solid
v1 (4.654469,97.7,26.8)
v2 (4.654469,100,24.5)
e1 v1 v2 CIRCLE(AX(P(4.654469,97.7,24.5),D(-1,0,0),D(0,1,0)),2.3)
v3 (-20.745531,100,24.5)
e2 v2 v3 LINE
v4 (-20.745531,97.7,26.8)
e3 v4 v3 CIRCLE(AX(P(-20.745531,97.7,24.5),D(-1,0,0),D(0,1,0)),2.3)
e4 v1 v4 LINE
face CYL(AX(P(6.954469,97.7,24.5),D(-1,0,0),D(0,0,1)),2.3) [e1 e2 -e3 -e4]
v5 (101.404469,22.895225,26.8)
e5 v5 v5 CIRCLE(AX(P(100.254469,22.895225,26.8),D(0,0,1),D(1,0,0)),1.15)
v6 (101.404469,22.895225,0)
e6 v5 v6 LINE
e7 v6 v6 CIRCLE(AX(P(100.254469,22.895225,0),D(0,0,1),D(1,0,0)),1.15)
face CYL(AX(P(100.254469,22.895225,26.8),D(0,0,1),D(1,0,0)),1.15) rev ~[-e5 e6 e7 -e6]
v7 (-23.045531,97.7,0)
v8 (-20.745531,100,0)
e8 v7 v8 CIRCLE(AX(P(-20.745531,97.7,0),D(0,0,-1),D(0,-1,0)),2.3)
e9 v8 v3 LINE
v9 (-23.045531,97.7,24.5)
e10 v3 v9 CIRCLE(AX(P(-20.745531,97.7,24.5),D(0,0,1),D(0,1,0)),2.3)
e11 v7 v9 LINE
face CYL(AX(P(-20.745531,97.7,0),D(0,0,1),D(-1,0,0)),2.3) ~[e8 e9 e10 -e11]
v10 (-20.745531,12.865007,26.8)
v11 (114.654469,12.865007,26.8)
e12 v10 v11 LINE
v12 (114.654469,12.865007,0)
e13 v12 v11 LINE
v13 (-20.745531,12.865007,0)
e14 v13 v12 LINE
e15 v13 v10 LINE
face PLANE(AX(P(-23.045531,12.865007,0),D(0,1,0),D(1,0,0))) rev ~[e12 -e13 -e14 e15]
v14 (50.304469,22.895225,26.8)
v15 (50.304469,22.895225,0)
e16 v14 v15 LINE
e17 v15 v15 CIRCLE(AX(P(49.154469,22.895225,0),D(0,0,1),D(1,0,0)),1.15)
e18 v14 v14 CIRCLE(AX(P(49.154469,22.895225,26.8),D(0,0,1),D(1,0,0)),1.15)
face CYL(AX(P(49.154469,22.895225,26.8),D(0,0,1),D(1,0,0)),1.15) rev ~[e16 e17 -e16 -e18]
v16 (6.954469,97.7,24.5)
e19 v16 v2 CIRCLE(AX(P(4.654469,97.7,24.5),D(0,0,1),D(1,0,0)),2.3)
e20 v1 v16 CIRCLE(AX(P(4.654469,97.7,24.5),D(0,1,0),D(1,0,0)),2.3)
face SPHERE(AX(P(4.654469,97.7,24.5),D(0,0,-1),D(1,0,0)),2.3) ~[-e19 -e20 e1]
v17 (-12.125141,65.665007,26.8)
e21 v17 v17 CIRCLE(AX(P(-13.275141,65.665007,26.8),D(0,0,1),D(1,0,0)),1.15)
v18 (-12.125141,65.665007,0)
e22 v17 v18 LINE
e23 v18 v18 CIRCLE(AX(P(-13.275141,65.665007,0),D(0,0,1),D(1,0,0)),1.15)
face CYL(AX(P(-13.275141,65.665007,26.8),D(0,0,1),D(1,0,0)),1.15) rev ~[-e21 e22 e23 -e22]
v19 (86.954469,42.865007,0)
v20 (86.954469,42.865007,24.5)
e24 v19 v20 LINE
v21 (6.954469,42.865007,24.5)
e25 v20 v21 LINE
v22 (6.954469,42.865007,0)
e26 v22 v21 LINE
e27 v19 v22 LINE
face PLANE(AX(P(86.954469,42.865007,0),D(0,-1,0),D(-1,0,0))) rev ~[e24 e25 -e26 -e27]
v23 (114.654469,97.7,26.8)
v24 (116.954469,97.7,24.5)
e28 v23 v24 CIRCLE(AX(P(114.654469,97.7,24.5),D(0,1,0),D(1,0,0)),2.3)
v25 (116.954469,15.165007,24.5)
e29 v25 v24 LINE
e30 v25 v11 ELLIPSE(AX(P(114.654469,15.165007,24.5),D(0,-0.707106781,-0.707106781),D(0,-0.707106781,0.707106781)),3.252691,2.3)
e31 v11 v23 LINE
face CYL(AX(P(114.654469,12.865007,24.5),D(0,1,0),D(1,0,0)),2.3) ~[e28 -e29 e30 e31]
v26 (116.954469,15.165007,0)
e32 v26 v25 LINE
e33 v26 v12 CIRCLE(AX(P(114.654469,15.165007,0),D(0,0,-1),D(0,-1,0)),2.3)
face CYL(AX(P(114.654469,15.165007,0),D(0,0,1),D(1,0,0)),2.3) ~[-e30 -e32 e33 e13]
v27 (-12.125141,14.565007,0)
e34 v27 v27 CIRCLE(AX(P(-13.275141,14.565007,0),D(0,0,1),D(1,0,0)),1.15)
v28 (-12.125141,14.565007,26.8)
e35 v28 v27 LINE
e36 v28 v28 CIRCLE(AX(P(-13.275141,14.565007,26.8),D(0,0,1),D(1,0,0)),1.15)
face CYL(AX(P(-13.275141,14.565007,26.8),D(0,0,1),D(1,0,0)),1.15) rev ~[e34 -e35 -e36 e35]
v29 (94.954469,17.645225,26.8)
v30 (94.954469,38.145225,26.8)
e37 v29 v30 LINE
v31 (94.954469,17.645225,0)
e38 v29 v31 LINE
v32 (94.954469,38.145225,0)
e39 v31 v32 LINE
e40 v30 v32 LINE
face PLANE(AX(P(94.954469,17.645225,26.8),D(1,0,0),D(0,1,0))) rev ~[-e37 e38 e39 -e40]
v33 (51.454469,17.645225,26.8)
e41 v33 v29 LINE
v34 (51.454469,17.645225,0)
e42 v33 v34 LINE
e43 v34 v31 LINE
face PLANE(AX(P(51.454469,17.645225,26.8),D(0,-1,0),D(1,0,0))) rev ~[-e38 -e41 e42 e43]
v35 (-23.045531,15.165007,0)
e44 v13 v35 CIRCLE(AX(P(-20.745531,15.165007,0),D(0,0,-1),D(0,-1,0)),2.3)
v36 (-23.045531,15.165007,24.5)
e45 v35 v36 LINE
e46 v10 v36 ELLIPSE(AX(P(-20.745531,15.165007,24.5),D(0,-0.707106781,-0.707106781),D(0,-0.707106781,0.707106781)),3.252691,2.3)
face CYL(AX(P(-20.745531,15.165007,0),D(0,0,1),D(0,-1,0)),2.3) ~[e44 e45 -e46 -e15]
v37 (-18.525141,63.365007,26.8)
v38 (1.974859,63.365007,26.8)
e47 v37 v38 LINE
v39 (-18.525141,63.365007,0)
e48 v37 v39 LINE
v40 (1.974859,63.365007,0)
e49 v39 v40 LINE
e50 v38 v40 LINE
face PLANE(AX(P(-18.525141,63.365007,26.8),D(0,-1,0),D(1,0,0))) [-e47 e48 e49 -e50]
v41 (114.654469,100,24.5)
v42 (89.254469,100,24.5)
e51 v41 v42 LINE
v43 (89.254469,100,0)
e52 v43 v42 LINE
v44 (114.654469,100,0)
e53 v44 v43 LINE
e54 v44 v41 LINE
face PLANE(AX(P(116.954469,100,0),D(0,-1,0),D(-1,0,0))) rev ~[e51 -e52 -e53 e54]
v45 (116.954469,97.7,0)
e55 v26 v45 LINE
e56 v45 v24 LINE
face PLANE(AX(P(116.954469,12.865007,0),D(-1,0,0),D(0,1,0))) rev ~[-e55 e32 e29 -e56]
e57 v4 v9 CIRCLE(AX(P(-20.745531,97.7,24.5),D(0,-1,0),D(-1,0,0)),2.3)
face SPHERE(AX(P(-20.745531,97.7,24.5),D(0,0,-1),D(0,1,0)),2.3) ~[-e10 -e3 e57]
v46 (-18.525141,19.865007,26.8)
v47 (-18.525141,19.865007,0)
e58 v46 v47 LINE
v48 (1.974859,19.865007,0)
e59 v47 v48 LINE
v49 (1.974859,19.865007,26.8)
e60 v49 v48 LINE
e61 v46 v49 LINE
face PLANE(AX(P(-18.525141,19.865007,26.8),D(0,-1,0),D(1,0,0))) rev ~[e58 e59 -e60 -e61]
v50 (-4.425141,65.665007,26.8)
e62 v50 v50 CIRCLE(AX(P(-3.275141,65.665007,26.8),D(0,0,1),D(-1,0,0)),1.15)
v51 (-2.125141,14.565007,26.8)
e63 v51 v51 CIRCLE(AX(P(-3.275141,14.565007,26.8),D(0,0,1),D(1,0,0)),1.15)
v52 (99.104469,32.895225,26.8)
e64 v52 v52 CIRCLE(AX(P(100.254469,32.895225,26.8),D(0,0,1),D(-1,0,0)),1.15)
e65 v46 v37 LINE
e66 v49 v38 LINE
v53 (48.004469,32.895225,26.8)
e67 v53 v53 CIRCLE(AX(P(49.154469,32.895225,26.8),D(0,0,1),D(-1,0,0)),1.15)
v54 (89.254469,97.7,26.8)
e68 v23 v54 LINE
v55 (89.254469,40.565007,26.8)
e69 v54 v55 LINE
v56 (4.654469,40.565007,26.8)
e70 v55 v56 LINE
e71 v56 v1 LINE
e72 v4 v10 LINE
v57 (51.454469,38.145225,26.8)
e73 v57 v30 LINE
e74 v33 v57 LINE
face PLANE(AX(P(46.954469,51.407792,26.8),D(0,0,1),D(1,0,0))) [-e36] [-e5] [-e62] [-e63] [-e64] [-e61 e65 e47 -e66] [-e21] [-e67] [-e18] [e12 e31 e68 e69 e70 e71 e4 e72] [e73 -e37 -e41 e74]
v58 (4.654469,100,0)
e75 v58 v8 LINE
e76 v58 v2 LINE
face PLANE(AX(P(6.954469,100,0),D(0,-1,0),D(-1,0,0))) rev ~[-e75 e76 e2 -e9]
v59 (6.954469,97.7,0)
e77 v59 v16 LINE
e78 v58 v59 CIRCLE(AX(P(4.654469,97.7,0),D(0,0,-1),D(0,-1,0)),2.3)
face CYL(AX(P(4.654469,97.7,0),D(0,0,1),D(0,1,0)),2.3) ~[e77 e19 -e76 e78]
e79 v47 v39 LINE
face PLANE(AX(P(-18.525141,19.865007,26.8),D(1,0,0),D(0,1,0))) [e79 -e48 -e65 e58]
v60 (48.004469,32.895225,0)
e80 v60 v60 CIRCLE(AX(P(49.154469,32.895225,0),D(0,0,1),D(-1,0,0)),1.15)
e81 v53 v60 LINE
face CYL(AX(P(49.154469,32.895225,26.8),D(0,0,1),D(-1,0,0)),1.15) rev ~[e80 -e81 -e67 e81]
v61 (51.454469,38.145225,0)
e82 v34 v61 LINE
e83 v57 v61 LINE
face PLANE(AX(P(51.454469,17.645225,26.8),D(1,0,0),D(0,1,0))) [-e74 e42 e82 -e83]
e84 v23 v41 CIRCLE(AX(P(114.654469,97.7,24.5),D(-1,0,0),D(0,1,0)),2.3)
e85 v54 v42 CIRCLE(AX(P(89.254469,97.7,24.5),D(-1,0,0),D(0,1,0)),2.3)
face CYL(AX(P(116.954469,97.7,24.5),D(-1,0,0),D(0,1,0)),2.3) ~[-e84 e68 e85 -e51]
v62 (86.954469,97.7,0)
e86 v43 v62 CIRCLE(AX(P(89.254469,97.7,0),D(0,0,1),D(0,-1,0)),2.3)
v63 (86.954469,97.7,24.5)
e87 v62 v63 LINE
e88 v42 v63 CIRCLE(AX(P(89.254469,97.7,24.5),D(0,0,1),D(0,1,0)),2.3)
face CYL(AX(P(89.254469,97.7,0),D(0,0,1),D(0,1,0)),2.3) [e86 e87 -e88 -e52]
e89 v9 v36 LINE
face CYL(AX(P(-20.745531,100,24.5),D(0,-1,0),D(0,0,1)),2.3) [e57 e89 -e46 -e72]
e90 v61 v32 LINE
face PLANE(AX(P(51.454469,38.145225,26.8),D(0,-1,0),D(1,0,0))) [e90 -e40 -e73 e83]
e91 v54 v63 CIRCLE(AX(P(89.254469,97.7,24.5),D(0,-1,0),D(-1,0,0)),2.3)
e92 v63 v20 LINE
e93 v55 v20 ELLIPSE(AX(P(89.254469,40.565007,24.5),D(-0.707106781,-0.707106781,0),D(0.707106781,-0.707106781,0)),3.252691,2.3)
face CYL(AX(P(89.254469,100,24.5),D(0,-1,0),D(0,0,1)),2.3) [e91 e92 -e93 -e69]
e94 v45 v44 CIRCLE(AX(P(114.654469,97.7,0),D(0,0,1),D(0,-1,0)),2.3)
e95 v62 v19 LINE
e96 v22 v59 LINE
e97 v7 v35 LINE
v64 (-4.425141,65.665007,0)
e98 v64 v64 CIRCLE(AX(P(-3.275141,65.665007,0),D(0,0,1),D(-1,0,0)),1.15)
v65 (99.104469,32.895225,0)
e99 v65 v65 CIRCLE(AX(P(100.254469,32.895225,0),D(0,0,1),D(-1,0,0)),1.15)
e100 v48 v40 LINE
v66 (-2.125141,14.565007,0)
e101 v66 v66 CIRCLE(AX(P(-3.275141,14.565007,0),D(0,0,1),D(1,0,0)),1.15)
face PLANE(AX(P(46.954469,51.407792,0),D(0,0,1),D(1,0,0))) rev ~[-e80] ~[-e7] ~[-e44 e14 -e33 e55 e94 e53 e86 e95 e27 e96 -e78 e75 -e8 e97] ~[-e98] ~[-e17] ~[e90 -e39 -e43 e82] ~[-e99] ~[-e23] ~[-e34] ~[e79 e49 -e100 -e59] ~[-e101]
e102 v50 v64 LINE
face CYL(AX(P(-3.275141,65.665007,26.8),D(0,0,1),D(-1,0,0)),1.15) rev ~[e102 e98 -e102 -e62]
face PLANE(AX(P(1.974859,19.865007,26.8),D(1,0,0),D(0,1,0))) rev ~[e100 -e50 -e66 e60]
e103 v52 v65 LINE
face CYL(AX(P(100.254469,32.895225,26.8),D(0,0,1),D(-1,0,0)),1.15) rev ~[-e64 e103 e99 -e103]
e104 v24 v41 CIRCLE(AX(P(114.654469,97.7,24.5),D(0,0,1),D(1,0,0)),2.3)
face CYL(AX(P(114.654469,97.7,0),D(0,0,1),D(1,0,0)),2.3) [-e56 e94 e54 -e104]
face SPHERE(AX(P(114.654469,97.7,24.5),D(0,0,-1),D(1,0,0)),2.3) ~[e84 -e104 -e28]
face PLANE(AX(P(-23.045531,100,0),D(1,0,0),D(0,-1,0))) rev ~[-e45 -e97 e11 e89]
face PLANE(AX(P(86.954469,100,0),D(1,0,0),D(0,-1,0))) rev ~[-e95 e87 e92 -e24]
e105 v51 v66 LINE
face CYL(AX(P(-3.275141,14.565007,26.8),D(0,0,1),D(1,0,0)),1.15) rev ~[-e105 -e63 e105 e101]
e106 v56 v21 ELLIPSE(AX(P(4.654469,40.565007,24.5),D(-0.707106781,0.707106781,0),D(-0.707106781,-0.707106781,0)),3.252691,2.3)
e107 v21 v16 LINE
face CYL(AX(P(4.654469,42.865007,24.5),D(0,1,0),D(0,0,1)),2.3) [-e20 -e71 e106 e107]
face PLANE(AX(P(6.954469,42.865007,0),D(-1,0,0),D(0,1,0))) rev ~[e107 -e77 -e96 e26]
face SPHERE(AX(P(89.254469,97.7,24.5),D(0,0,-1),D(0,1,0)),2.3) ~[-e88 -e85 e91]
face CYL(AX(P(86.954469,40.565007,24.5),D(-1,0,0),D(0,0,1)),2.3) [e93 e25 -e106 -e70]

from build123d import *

# Parameters (mm, degrees)
BOSS_EXTRUDE1_DEPTH = 26.8
SKETCH2_W           = 20.5
SKETCH2_H           = 43.5
SKETCH2_W_2         = 43.5
SKETCH2_H_2         = 20.5
CUT_EXTRUDE1_DEPTH  = 157.194070808
SKETCH3_R           = 1.15
BOSS_EXTRUDE2_DEPTH = 26.8
SKETCH3_2_R         = 1.15
CUT_EXTRUDE2_DEPTH  = 157.194070808
SKETCH4_R           = 1.15
CUT_EXTRUDE3_DEPTH  = 157.194070808
FILLET1_R           = 2.3


with BuildPart() as part:
    # Sketch1 → Boss-Extrude1 (new body)
    with BuildSketch(Plane.XY):
        Polygon((86.954468728, 12.865007186), (116.954468728, 12.865007186), (116.954468728, 100), (86.954468728, 100), (86.954468728, 42.865007186), (6.954468728, 42.865007186), (6.954468728, 100), (-23.045531272, 100), (-23.045531272, 12.865007186), (6.954468728, 12.865007186), align=None)
    extrude(amount=BOSS_EXTRUDE1_DEPTH)

    # Sketch2 → Cut-Extrude1 (cut, through all)
    with BuildSketch(Plane.XY.offset(26.8)):
        with Locations((-8.275140501, 41.615007186)):
            Rectangle(SKETCH2_W, SKETCH2_H)
        with Locations((73.204468728, 27.895224973)):
            Rectangle(SKETCH2_W_2, SKETCH2_H_2)
    extrude(amount=-CUT_EXTRUDE1_DEPTH, mode=Mode.SUBTRACT)

    # Sketch3 → Boss-Extrude2 (add, through all)
    with BuildSketch(Plane.XY.offset(26.8)):
        with Locations((-13.275140501, 14.565007186)):
            Circle(SKETCH3_R)
        with Locations((-3.275140501, 14.565007186)):
            Circle(SKETCH3_R)
        with Locations((-13.275140501, 65.665007186)):
            Circle(SKETCH3_R)
        with Locations((-3.275140501, 65.665007186)):
            Circle(SKETCH3_R)
    extrude(amount=-BOSS_EXTRUDE2_DEPTH)

    # Sketch3<2> → Cut-Extrude2 (cut, through all)
    with BuildSketch(Plane.XY.offset(26.8)):
        with Locations((-13.275140501, 14.565007186)):
            Circle(SKETCH3_2_R)
        with Locations((-3.275140501, 14.565007186)):
            Circle(SKETCH3_2_R)
        with Locations((-13.275140501, 65.665007186)):
            Circle(SKETCH3_2_R)
        with Locations(Location((-3.275140501, 65.665007186, 0), (0, 0, 180))):
            Circle(SKETCH3_2_R)
    extrude(amount=-CUT_EXTRUDE2_DEPTH, mode=Mode.SUBTRACT)

    # Sketch4 → Cut-Extrude3 (cut, through all)
    with BuildSketch(Plane.XY.offset(26.8)):
        with Locations((100.254468728, 22.895224973)):
            Circle(SKETCH4_R)
        with Locations(Location((100.254468728, 32.895224973, 0), (0, 0, 180))):
            Circle(SKETCH4_R)
        with Locations((49.154468728, 22.895224973)):
            Circle(SKETCH4_R)
        with Locations(Location((49.154468728, 32.895224973, 0), (0, 0, 180))):
            Circle(SKETCH4_R)
    extrude(amount=-CUT_EXTRUDE3_DEPTH, mode=Mode.SUBTRACT)

    # Fillet1
    fillet1_edges = [part.edges().sort_by_distance(p)[0] for p in [
        (6.954468728, 100, 13.4),
        (86.954468728, 100, 13.4),
        (116.954468728, 100, 13.4),
        (116.954468728, 12.865007186, 13.4),
        (-23.045531272, 12.865007186, 13.4),
        (-23.045531272, 100, 13.4),
        (116.954468728, 56.432503593, 26.8),
        (101.954468728, 100, 26.8),
        (86.954468728, 71.432503593, 26.8),
        (46.954468728, 42.865007186, 26.8),
        (6.954468728, 71.432503593, 26.8),
        (-8.045531272, 100, 26.8),
        (-23.045531272, 56.432503593, 26.8),
    ]]
    fillet(fillet1_edges, radius=FILLET1_R)


solid = part.part
